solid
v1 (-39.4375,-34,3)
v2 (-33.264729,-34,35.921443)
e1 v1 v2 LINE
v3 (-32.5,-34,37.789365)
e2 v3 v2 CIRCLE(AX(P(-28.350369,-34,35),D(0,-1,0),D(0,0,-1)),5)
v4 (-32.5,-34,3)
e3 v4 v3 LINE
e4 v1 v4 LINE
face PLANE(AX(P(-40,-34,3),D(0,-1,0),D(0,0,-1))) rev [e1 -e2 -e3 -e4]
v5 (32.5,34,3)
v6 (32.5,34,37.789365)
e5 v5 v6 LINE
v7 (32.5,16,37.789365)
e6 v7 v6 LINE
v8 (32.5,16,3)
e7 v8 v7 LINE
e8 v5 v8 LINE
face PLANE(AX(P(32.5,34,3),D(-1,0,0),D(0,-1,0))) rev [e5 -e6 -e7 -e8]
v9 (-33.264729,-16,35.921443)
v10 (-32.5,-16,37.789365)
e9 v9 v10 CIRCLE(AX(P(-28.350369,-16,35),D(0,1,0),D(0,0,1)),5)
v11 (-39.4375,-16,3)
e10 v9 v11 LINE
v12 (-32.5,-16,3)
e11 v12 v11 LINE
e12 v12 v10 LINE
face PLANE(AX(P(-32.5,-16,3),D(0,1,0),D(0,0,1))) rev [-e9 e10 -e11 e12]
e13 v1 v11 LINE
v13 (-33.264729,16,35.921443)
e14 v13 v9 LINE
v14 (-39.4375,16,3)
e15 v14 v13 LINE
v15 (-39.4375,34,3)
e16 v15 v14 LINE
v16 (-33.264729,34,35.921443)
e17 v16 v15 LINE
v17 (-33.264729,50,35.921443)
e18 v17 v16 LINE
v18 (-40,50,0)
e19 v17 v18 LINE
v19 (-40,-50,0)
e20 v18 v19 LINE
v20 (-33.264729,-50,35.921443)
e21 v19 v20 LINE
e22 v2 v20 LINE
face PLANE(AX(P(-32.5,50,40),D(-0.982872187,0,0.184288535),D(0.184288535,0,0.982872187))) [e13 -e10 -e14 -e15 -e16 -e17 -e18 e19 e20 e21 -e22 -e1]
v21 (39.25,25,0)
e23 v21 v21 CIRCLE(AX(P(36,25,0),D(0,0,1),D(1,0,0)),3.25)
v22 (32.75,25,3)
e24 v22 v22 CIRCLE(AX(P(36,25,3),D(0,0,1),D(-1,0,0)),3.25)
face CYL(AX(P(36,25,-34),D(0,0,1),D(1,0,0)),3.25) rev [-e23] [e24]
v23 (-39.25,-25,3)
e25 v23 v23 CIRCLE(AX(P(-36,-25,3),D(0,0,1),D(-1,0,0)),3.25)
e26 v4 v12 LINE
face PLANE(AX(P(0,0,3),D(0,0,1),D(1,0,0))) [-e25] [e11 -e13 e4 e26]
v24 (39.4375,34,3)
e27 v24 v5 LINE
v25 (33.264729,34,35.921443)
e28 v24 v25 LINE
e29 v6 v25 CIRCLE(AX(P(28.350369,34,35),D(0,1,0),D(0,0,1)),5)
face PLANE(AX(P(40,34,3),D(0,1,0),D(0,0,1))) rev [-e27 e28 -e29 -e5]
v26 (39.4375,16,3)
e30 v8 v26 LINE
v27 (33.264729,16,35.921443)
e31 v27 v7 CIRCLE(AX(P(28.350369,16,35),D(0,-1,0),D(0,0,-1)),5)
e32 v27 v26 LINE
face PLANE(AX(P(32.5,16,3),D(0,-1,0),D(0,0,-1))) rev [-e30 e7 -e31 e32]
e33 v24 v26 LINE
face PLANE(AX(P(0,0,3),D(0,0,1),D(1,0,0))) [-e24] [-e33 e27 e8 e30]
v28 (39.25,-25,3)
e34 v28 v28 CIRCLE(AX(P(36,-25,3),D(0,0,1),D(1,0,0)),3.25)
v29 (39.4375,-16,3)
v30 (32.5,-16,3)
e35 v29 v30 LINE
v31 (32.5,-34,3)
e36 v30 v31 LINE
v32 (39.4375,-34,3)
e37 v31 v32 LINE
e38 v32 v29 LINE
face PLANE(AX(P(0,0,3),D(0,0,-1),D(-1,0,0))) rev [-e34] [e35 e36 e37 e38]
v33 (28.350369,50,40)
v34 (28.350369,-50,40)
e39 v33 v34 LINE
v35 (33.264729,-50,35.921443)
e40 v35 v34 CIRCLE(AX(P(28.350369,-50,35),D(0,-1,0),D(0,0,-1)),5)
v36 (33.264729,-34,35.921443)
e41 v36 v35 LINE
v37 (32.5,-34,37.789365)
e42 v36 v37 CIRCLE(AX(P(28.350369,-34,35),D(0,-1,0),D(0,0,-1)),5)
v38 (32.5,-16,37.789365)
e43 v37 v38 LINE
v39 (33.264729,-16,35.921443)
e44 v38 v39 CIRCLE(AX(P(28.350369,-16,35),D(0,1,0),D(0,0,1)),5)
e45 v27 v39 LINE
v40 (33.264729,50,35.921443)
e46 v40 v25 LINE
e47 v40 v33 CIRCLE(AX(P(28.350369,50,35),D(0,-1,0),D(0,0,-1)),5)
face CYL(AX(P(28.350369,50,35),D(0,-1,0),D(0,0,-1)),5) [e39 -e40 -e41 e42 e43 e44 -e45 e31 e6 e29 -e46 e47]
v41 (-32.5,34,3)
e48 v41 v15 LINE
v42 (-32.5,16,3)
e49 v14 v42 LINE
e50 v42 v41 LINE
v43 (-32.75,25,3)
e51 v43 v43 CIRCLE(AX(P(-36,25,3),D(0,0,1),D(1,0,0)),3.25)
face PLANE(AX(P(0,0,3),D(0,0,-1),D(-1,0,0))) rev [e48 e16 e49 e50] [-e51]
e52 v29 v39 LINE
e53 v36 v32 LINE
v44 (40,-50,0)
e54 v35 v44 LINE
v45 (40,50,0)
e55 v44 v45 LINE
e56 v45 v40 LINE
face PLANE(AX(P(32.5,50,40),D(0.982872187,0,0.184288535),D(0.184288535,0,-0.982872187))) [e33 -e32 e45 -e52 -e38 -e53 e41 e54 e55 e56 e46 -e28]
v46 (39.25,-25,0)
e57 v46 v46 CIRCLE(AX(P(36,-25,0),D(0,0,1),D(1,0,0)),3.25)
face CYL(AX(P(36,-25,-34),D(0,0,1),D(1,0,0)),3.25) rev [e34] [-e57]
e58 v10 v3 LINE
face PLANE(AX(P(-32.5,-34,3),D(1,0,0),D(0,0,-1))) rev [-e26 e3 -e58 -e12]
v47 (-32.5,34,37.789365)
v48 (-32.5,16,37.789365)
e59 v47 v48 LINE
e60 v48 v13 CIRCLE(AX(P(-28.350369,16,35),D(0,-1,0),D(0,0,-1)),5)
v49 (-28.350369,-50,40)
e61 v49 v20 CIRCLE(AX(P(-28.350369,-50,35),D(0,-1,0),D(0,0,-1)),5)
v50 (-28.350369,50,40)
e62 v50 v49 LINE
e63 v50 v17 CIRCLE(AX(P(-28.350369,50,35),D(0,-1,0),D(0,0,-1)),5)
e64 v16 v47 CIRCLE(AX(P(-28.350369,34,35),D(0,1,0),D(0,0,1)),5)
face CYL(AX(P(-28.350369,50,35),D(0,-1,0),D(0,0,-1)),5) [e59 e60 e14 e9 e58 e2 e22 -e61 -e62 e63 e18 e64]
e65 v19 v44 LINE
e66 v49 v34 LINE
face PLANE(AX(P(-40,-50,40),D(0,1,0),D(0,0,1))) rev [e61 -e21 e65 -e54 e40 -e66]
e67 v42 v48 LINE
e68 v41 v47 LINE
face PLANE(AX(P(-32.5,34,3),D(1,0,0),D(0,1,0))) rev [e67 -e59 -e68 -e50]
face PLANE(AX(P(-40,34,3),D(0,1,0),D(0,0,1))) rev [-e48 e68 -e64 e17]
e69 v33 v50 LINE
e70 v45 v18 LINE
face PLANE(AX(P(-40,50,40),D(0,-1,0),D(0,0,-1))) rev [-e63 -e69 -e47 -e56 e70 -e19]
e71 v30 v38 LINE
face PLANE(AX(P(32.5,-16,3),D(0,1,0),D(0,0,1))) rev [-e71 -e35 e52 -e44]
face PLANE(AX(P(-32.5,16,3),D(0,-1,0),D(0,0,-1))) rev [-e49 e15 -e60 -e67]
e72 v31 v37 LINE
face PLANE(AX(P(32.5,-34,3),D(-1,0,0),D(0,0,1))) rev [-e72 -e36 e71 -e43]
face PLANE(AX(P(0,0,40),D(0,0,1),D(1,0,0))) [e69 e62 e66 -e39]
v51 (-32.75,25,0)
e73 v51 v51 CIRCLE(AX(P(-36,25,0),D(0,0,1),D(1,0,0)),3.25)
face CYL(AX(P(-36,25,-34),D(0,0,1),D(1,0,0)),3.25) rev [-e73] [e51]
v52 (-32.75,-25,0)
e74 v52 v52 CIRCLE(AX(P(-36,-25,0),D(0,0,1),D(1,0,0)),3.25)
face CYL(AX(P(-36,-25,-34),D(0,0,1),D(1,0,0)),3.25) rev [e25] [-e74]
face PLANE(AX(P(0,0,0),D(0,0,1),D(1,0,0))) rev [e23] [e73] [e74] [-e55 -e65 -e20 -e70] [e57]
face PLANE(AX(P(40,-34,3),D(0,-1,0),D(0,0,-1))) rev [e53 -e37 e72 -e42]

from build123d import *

# Parameters (mm, degrees)
SKETCH_1_W               = 80
SKETCH_1_H               = 100
EXTRUDE_1_DEPTH          = 40
SKETCH_2_OUTSIDE_W       = 108.832
SKETCH_2_OUTSIDE_H       = 68.832
CUT_EXTRUDE_1_DEPTH      = 1
CUT_EXTRUDE_1_DEPTH_BACK = 101
CUT_EXTRUDE_2_DEPTH      = 37
SKETCH_4_R               = 3.25
CUT_EXTRUDE_3_DEPTH      = 37
SKETCH_5_OUTSIDE_W       = 108.832
SKETCH_5_OUTSIDE_H       = 68.832
CUT_EXTRUDE_4_DEPTH      = 100


with BuildPart() as part:
    # 草图1 → 凸台-拉伸1 (new body)
    with BuildSketch(Plane.XY):
        Rectangle(SKETCH_1_W, SKETCH_1_H)
    extrude(amount=EXTRUDE_1_DEPTH)

    # 草图2 outside → 切除-拉伸1 (cut, two sides)
    with BuildSketch(Plane(origin=(0, -50, 0), x_dir=(-1, 0, 0), z_dir=(0, -1, 0))) as cut_extrude_1_sk:
        with Locations((0, -20)):
            Rectangle(SKETCH_2_OUTSIDE_W, SKETCH_2_OUTSIDE_H)
        Polygon((0, -40), (32.5, -40), (40, 0), (-40, 0), (-32.5, -40), align=None, mode=Mode.SUBTRACT)
    extrude(amount=CUT_EXTRUDE_1_DEPTH, mode=Mode.SUBTRACT)
    extrude(cut_extrude_1_sk.sketch, amount=-CUT_EXTRUDE_1_DEPTH_BACK, mode=Mode.SUBTRACT)

    # 草图3 → 切除-拉伸2 (cut)
    with BuildSketch(Plane.XY.offset(40)):
        Polygon((-40, -25), (-40, -34), (-32.5, -34), (-32.5, -16), (-40, -16), align=None)
        Polygon((-40, 16), (-40, 25), (-40, 34), (-32.5, 34), (-32.5, 16), align=None)
        Polygon((40, -16), (40, -25), (40, -34), (32.5, -34), (32.5, -16), align=None)
        Polygon((40, 25), (40, 34), (32.5, 34), (32.5, 16), (40, 16), align=None)
    extrude(amount=-CUT_EXTRUDE_2_DEPTH, mode=Mode.SUBTRACT)

    # 草图4 → 切除-拉伸3 (cut)
    with BuildSketch(Plane.XY.offset(3)):
        with Locations((-36, 25)):
            Circle(SKETCH_4_R)
        with Locations((36, 25)):
            Circle(SKETCH_4_R)
        with Locations((36, -25)):
            Circle(SKETCH_4_R)
        with Locations((-36, -25)):
            Circle(SKETCH_4_R)
    extrude(amount=-CUT_EXTRUDE_3_DEPTH, mode=Mode.SUBTRACT)

    # 草图5 outside → 切除-拉伸4 (cut)
    with BuildSketch(Plane.XZ.offset(50)):
        with Locations((0, 20)):
            Rectangle(SKETCH_5_OUTSIDE_W, SKETCH_5_OUTSIDE_H)
        with BuildLine():
            Line((-28.350368564, 40), (28.350368564, 40))
            ThreePointArc((28.350368564, 40), (31.543547749, 38.847545541), (33.264729498, 35.921442675))
            Line((33.264729498, 35.921442675), (40, 0))
            Line((40, 0), (-40, 0))
            Line((-40, 0), (-33.264729498, 35.921442675))
            ThreePointArc((-33.264729498, 35.921442675), (-31.543547749, 38.847545541), (-28.350368564, 40))
        make_face(mode=Mode.SUBTRACT)
    extrude(amount=-CUT_EXTRUDE_4_DEPTH, mode=Mode.SUBTRACT)


solid = part.part
